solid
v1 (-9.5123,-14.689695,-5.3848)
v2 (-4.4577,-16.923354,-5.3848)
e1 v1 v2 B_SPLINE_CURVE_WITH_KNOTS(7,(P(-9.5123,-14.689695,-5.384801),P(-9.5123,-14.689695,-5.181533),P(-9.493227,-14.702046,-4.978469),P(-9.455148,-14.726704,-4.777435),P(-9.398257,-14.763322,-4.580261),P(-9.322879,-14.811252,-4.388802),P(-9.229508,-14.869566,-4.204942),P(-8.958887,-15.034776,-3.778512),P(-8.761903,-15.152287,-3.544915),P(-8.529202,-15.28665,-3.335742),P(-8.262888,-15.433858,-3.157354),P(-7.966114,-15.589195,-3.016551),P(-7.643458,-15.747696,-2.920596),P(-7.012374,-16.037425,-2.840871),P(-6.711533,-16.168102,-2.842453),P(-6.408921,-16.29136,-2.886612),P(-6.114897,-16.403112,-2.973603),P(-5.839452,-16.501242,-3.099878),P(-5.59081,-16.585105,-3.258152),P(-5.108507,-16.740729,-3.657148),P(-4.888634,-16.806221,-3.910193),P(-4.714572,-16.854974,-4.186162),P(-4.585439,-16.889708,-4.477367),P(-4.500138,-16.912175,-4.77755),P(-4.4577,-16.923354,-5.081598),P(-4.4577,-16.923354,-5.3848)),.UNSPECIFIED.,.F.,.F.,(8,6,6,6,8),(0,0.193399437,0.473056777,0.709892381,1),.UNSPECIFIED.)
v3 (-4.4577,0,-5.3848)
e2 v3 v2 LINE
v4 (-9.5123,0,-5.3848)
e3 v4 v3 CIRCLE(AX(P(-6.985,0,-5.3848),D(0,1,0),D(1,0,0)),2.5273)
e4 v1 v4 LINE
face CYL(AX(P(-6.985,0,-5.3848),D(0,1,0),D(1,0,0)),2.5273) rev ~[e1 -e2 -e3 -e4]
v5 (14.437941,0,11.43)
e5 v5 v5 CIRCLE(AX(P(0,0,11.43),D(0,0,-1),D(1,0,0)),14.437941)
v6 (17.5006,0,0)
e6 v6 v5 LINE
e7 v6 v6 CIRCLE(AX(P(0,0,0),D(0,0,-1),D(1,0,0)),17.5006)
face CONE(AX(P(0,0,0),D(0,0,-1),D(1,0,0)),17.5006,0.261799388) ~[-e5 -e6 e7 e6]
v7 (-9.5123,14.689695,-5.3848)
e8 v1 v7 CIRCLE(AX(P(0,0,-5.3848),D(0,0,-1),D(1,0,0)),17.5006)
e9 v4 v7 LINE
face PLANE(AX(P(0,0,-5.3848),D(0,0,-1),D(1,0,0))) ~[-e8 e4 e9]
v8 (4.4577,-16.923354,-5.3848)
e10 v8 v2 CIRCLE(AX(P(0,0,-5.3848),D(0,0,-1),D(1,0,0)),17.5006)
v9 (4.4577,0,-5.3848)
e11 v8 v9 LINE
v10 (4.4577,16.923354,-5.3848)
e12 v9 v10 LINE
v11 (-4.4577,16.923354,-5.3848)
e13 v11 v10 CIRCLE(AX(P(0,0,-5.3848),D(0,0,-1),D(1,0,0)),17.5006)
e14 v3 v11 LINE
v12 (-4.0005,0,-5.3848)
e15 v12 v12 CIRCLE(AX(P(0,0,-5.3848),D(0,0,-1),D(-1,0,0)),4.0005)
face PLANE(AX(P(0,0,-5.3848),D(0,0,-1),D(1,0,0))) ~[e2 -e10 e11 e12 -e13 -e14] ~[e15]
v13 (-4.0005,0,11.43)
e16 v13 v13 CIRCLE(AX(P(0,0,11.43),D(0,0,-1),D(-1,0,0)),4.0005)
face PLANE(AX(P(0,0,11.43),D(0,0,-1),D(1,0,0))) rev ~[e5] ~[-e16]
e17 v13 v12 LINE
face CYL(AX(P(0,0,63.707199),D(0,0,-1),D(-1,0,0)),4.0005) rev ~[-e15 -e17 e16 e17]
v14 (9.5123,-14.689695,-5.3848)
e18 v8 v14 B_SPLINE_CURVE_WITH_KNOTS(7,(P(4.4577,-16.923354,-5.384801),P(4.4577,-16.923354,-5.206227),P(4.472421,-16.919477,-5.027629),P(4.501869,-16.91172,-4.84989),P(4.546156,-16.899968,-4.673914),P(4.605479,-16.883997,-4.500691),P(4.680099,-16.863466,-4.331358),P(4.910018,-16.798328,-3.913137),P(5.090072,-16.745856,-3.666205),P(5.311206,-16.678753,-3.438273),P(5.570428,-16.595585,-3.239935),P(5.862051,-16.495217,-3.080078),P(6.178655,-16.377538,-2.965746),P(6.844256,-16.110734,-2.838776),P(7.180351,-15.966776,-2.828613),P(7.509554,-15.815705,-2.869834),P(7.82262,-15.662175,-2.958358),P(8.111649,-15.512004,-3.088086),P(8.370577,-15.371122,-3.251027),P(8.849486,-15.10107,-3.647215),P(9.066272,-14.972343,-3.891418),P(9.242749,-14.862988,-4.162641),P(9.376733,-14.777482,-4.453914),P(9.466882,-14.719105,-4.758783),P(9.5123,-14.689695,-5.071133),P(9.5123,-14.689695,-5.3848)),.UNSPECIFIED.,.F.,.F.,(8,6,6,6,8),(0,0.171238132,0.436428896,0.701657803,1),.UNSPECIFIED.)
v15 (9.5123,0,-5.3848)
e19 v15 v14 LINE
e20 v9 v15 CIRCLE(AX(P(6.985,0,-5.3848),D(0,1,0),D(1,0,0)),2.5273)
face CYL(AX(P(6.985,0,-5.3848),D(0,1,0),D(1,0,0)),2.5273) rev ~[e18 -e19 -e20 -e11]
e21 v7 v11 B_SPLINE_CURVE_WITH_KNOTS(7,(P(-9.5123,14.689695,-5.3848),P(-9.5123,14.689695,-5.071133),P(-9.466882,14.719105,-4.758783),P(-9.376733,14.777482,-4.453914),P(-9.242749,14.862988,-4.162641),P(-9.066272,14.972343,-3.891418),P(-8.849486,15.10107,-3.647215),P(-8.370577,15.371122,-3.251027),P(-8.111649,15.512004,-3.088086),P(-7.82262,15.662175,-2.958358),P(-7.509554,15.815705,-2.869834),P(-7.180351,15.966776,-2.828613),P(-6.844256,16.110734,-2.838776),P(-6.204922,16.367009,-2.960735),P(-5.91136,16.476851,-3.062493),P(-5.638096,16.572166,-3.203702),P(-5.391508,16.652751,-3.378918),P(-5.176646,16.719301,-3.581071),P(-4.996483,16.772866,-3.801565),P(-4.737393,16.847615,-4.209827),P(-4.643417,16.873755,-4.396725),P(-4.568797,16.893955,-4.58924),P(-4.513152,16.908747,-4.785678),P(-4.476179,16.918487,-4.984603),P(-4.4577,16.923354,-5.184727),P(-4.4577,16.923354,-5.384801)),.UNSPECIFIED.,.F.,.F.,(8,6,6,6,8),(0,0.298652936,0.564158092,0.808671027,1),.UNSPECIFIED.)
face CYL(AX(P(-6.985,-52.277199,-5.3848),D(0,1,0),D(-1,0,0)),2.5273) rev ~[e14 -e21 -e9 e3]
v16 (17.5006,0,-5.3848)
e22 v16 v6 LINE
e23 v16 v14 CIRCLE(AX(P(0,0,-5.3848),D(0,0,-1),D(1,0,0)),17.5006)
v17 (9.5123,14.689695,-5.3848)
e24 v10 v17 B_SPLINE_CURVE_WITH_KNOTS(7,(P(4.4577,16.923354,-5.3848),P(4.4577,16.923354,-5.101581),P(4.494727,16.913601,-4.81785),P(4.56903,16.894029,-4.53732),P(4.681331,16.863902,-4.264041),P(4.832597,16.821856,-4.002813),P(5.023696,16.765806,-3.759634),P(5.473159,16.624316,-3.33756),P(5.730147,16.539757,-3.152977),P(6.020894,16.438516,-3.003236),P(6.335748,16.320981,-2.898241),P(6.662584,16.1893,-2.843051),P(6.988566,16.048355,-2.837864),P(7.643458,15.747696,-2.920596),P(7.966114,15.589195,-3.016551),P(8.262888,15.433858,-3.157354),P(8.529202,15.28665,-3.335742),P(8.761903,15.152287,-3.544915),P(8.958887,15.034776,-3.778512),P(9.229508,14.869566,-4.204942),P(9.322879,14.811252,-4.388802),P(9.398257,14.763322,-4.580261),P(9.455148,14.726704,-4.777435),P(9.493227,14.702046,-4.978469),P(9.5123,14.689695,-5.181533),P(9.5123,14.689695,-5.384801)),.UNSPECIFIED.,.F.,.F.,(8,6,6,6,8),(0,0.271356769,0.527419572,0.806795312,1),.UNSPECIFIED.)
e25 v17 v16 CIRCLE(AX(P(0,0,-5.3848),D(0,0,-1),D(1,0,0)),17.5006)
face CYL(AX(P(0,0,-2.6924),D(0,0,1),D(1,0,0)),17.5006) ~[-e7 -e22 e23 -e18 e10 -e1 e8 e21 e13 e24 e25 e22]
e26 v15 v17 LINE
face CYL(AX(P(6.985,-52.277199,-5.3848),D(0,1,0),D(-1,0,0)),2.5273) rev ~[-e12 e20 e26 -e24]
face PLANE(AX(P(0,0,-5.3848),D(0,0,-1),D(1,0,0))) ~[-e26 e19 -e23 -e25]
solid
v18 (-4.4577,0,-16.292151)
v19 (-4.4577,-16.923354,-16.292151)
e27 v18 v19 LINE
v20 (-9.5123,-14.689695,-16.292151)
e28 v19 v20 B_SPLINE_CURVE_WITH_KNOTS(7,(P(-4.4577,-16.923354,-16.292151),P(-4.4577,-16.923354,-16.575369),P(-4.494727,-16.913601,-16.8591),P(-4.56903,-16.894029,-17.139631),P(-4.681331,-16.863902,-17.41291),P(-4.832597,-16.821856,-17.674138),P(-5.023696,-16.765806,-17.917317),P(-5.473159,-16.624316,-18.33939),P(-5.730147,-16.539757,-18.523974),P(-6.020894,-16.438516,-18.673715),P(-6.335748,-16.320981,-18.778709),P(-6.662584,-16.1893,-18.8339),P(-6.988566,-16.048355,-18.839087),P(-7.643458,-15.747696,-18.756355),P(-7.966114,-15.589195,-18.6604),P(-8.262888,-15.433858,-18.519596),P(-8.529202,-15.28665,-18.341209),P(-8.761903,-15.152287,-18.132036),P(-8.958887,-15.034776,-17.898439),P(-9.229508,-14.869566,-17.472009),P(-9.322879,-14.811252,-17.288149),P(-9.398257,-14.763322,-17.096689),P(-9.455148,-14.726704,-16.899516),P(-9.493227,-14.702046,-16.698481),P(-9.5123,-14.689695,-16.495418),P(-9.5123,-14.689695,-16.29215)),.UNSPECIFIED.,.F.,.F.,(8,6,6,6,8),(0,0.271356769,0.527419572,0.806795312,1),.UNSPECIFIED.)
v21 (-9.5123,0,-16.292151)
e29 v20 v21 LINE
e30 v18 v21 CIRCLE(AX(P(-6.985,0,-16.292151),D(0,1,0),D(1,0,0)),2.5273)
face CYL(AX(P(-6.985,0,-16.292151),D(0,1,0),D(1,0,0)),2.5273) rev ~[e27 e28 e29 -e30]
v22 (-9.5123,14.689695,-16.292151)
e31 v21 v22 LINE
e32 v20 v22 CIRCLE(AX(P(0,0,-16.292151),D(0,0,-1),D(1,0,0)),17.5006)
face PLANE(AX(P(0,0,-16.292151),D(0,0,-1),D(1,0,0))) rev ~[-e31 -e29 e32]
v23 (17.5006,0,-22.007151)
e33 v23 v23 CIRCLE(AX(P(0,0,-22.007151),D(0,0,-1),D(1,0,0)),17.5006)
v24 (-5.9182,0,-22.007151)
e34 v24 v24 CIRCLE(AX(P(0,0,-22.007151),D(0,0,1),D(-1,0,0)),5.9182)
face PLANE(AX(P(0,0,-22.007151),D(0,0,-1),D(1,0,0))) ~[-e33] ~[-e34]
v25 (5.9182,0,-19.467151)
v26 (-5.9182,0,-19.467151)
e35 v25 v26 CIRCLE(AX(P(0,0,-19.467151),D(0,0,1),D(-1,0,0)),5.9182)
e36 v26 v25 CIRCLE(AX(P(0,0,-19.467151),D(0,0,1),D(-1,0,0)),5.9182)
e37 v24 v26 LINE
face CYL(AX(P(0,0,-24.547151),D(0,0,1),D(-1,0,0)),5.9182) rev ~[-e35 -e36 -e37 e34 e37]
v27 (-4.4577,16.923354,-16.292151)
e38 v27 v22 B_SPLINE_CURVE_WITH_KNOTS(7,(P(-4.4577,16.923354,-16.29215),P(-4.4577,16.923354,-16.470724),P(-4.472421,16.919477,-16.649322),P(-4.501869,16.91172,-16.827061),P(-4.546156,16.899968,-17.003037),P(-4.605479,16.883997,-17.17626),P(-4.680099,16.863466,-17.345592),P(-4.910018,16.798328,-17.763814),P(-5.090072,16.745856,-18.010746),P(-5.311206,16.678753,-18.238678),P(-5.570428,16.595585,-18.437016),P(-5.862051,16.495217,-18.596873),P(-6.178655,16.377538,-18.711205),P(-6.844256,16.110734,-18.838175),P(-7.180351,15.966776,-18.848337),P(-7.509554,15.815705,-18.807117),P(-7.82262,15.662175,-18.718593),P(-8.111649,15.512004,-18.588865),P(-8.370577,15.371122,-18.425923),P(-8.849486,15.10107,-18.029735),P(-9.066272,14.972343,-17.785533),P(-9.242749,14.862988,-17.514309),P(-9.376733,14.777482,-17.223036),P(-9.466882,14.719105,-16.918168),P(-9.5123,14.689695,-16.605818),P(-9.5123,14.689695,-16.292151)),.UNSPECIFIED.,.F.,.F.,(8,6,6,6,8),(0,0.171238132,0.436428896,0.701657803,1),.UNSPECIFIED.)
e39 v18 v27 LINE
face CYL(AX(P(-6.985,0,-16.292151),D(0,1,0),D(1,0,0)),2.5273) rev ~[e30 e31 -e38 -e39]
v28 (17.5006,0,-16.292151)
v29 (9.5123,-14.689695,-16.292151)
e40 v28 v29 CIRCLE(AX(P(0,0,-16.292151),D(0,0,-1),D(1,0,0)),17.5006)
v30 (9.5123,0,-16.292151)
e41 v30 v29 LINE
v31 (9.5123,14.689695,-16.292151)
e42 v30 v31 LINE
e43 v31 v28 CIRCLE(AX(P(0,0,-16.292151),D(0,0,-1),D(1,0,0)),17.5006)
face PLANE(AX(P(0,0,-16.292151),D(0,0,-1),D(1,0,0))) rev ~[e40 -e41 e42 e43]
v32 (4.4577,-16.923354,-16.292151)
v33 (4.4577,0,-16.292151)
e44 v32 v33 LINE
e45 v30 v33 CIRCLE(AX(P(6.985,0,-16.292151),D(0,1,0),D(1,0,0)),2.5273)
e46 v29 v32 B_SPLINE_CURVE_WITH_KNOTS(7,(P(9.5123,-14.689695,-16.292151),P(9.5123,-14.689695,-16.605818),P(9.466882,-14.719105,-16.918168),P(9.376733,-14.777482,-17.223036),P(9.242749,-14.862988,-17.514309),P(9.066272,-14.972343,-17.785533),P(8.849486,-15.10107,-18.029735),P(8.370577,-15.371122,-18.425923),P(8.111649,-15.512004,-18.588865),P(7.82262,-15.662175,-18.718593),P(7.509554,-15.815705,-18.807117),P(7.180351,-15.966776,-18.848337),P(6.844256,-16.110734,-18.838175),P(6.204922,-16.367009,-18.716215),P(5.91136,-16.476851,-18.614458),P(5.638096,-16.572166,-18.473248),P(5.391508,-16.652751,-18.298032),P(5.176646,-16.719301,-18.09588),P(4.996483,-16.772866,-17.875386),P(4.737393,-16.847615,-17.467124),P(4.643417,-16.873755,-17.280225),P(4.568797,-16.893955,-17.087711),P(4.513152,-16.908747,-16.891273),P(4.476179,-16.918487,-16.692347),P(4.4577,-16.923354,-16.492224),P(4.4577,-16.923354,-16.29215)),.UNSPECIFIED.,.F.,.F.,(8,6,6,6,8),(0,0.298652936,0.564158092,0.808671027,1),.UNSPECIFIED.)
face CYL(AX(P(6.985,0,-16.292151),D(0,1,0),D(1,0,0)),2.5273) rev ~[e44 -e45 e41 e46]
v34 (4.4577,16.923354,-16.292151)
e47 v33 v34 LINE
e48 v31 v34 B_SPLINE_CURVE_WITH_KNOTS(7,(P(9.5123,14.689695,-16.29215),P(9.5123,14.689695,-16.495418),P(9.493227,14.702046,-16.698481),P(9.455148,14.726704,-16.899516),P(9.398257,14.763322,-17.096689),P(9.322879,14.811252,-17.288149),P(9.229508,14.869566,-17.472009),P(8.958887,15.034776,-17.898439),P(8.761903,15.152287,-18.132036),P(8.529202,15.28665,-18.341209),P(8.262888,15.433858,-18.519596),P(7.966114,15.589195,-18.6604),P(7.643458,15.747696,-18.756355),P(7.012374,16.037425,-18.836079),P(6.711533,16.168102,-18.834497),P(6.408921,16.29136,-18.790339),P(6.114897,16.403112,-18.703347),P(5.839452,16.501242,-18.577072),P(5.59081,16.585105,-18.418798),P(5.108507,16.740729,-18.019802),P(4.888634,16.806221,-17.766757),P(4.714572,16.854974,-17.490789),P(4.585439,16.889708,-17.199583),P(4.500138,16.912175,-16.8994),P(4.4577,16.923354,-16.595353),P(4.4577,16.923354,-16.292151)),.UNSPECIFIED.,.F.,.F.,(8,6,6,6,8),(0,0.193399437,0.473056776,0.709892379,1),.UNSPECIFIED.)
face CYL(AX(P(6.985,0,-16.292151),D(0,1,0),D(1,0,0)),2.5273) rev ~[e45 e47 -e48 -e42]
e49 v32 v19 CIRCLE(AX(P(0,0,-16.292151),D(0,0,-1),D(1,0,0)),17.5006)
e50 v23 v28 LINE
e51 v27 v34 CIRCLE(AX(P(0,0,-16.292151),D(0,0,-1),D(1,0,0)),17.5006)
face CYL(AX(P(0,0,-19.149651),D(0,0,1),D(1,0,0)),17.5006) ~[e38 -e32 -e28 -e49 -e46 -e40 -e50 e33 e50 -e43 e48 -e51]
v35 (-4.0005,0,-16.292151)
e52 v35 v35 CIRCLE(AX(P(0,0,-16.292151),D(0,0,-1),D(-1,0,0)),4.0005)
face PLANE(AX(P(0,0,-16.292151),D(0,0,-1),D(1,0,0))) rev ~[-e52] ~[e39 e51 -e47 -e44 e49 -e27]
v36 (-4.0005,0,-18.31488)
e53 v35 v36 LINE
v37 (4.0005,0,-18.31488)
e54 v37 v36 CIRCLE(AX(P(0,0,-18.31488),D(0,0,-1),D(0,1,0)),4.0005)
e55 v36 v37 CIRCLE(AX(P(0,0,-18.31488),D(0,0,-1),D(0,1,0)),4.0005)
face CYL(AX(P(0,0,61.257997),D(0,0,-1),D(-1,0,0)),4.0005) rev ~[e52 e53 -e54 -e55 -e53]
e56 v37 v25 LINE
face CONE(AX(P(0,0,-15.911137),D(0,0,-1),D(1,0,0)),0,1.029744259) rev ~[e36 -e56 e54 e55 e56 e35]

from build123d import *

# Parameters (mm, degrees)
F0_W       = 10.5156
F0_H       = 5.3848
F0_W_2     = 6.985
F0_H_2     = 5.715
F2_D       = 5.0546
F2_DEPTH   = 17.5016
F2_2_D     = 5.0546
F2_2_DEPTH = 17.5016
F3_D       = 5.0546
F3_2_D     = 5.0546
F5_D       = 8.001
F5_2_D     = 8.001
F7_D       = 11.8364
F7_DEPTH   = 2.54
F7_TIP     = 3.5560133155


with BuildPart() as f1:
    # F0 (on Front) → F1 (revolve)
    with BuildSketch(Plane.XZ):
        Polygon((0, 11.43), (0, 0), (6.985, 0), (17.5006, 0), (14.4379407305, 11.43), align=None)
        with Locations((12.2428, -2.6924)):
            Rectangle(F0_W, F0_H)
        with Locations((3.4925, -2.6924)):
            Rectangle(F0_W_2, F0_H)
    revolve(axis=Axis((0, 0, 5.715), (0, 0, -1)))

    # F2 (through all, one way)
    with BuildSketch(Plane(origin=(0, 0, 0), x_dir=(1, 0, 0), z_dir=(0, 1, 0))):
        with Locations((6.985, 5.3848), (-6.985, 5.3848), (6.985, 16.2921505755), (-6.985, 16.2921505755)):
            Circle(F2_D / 2)
    extrude(amount=-F2_DEPTH, mode=Mode.SUBTRACT)

    # F3 (through all)
    with Locations(Plane.XZ):
        with Locations((-6.985, -5.3848), (6.985, -5.3848), (6.985, -16.2921505755), (-6.985, -16.2921505755)):
            Hole(F3_D / 2)

    # F5 (through all)
    with Locations(Plane.XY.offset(11.43)):
        with Locations((0, 0)):
            Hole(F5_D / 2)


with BuildPart() as f1b:
    # F0 (on Front) → F1, piece 2 (revolve)
    with BuildSketch(Plane.XZ):
        with Locations((3.4925, -19.1496505755)):
            Rectangle(F0_W_2, F0_H_2)
        with Locations((12.2428, -19.1496505755)):
            Rectangle(F0_W, F0_H_2)
    revolve(axis=Axis((0, 0, 5.715), (0, 0, -1)))

    # F2#2 (through all, one way)
    with BuildSketch(Plane(origin=(0, 0, 0), x_dir=(1, 0, 0), z_dir=(0, 1, 0))):
        with Locations((6.985, 5.3848), (-6.985, 5.3848), (6.985, 16.2921505755), (-6.985, 16.2921505755)):
            Circle(F2_2_D / 2)
    extrude(amount=-F2_2_DEPTH, mode=Mode.SUBTRACT)

    # F3#2 (through all)
    with Locations(Plane.XZ):
        with Locations((-6.985, -5.3848), (6.985, -5.3848), (6.985, -16.2921505755), (-6.985, -16.2921505755)):
            Hole(F3_2_D / 2)

    # F5#2 (through all)
    with Locations(Plane.XY.offset(11.43)):
        with Locations((0, 0)):
            Hole(F5_2_D / 2)

    # F7
    with Locations(Plane(origin=(0, 0, -22.0071505755), x_dir=(1, 0, 0), z_dir=(0, 0, -1))):
        with Locations((0, 0)):
            Hole(F7_D / 2, depth=F7_DEPTH)
            with Locations((0, 0, -(F7_DEPTH + F7_TIP / 2))):  # 118° drill point
                Cone(0, F7_D / 2, F7_TIP, mode=Mode.SUBTRACT)


solid = Compound([f1.part, f1b.part])
